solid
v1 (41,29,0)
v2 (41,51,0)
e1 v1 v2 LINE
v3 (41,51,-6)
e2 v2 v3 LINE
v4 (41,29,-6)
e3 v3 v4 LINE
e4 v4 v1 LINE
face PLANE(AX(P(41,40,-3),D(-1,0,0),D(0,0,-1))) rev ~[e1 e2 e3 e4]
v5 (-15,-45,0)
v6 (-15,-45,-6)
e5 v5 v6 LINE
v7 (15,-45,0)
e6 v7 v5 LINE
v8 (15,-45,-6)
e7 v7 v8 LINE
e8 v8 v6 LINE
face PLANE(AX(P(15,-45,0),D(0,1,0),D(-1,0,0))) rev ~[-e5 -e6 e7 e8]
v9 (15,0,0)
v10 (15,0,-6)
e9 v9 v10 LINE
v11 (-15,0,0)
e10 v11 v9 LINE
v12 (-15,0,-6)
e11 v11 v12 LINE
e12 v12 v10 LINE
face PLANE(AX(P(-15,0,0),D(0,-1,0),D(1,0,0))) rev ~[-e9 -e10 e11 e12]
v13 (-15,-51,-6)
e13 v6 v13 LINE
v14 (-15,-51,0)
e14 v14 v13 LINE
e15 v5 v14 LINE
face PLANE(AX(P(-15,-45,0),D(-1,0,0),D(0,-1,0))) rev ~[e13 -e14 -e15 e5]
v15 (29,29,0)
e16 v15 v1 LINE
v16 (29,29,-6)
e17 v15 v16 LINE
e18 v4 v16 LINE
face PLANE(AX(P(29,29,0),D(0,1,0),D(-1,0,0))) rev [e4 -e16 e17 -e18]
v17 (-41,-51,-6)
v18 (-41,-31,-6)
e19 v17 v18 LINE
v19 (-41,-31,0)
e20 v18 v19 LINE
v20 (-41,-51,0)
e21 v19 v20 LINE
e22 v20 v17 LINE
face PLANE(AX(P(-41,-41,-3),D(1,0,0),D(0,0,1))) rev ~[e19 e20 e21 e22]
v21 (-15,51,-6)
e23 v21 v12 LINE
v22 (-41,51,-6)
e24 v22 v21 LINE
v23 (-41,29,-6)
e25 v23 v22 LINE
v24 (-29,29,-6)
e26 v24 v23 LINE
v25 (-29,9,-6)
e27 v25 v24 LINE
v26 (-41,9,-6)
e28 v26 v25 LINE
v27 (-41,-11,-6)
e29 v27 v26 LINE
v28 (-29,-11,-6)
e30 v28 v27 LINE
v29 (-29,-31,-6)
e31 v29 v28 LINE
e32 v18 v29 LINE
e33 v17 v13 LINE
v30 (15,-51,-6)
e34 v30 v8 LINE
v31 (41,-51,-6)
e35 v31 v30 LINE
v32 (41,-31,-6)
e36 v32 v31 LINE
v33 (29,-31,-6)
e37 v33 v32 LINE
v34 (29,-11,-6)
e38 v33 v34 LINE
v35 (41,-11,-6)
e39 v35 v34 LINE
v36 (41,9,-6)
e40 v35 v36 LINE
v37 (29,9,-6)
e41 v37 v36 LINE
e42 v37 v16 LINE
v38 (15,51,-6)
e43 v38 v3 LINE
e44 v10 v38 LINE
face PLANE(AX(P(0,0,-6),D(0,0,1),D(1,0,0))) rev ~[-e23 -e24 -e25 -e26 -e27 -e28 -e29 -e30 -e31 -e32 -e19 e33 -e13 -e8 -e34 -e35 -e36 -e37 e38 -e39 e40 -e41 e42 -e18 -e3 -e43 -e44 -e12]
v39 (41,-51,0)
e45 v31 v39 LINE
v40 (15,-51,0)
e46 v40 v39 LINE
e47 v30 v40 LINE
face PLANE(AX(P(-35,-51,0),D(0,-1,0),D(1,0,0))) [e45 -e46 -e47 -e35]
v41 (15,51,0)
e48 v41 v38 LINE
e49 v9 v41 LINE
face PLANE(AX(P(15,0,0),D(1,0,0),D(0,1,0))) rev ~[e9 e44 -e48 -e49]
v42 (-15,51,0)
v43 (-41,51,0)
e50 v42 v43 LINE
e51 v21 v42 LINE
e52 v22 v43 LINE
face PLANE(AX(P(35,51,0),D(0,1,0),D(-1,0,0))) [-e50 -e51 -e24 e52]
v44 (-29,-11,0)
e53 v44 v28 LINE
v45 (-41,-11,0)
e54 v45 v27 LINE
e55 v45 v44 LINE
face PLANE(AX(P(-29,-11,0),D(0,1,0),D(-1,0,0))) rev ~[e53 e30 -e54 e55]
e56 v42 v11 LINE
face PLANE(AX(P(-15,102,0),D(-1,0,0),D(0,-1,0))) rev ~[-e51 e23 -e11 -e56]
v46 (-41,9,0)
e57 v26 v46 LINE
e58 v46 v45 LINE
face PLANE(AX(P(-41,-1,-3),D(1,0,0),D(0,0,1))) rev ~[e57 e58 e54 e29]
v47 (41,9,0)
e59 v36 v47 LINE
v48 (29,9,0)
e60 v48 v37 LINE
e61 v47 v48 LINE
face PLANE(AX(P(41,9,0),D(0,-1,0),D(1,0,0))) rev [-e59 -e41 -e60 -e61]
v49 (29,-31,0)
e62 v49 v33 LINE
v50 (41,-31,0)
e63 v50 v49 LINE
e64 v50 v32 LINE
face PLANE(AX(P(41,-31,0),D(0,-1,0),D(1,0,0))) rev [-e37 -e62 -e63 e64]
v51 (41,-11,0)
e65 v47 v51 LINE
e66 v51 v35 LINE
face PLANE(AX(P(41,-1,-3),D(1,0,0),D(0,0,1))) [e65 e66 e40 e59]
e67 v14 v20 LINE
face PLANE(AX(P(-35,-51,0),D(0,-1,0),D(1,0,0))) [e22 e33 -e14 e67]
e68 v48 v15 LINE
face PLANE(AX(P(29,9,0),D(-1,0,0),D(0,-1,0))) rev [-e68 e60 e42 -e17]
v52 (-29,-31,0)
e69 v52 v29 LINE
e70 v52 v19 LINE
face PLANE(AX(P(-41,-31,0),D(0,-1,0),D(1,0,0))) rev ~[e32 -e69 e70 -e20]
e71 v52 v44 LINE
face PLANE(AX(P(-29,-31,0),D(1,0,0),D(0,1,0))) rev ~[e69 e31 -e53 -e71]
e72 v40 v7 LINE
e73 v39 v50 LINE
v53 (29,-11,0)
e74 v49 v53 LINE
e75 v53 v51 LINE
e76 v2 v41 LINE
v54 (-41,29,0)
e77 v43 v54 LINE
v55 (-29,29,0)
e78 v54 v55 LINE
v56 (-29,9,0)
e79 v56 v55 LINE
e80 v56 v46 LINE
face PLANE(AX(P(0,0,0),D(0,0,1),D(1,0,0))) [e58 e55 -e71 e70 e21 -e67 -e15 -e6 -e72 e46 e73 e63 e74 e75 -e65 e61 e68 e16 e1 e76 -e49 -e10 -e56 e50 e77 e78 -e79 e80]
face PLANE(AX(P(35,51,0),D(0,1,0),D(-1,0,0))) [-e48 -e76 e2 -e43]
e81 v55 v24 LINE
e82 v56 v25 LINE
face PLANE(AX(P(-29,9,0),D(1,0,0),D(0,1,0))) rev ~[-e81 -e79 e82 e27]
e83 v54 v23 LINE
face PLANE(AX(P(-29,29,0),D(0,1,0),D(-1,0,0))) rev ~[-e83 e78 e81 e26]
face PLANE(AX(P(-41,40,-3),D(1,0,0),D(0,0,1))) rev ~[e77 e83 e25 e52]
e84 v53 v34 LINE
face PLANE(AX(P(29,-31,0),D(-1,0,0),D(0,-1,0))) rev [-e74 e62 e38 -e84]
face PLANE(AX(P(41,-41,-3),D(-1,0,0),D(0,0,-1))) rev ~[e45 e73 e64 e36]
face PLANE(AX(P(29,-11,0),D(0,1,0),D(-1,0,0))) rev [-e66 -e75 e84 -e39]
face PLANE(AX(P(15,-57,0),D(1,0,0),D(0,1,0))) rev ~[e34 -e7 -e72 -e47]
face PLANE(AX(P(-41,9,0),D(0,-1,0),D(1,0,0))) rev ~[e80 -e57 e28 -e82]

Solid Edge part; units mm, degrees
sketch "Sketch1" plane through (0, 0, 0) normal (0, 0, 1) x (1, 0, 0)
  line L0 (-35, -51) -> (35, -51)
  line L1 (35, -51) -> (35, 51)
  line L2 (35, 51) -> (-35, 51)
  line L3 (-35, 51) -> (-35, -51)
  dimension "D1" = 70
  dimension "D2" = 102
extrude "Protrusion1" add sketch "Sketch1" against normal blind 6
sketch "Sketch2" plane through (0, 0, 0) normal (0, 0, 1) x (1, 0, 0)
  line L0 (-15, 0) -> (15, 0)
  line L1 (15, 0) -> (15, 102)
  line L2 (15, 102) -> (-15, 102)
  line L3 (-15, 102) -> (-15, 0)
  dimension "D1" = 30
  dimension "D2" = 102
extrude "Cutout1" cut sketch "Sketch2" against normal through all
sketch "Sketch3" plane through (0, 0, 0) normal (0, 0, 1) x (1, 0, 0)
  line L0 (-15, -57) -> (15, -57)
  line L1 (15, -57) -> (15, -45)
  line L2 (15, -45) -> (-15, -45)
  line L3 (-15, -45) -> (-15, -57)
  dimension "D1" = 30
  dimension "D2" = 12
extrude "Cutout2" cut sketch "Sketch3" against normal through all
sketch "Sketch4" plane through (0, 0, 0) normal (0, 0, 1) x (1, 0, 0)
  line L0 (-41, -31) -> (-29, -31)
  line L1 (-29, -31) -> (-29, -11)
  line L2 (-29, -11) -> (-41, -11)
  line L3 (-41, -11) -> (-41, -31)
  dimension "D1" = 20
  dimension "D2" = 12
  dimension "D3" = 20
extrude "Cutout3" cut sketch "Sketch4" against normal through all
sketch "Sketch5" plane through (0, 0, 0) normal (0, 0, 1) x (1, 0, 0)
  line L0 (-41, 9) -> (-29, 9)
  line L1 (-29, 9) -> (-29, 29)
  line L2 (-29, 29) -> (-41, 29)
  line L3 (-41, 29) -> (-41, 9)
  dimension "D1" = 20
  dimension "D2" = 12
  dimension "D3" = 20
extrude "Cutout4" cut sketch "Sketch5" against normal through all
mirror "Mirror1" about plane through (0, 0, 0) normal (1, 0, 0) of "Cutout4", "Cutout3"
sketch "Sketch6" plane through (35, 40, -3) normal (1, 0, 0) x (0, 0, -1)
  line L0 (-3, 11) -> (3, 11)
  line L1 (3, 11) -> (3, -11)
  line L2 (3, -11) -> (-3, -11)
  line L3 (-3, -11) -> (-3, 11)
  line L4 (3, -31) -> (-3, -31)
  line L5 (-3, -31) -> (-3, -51)
  line L6 (-3, -51) -> (3, -51)
  line L7 (3, -51) -> (3, -31)
extrude "Protrusion2" add sketch "Sketch6" along normal blind 6
sketch "Sketch7" plane through (35, -41, -3) normal (1, 0, 0) x (0, 0, -1)
  line L0 (-3, 10) -> (3, 10)
  line L1 (3, 10) -> (3, -10)
  line L2 (3, -10) -> (-3, -10)
  line L3 (-3, -10) -> (-3, 10)
extrude "ExtrudedProtrusion_3" add sketch "Sketch7" along normal blind 6
sketch "Sketch8" plane through (-35, 40, -3) normal (-1, 0, 0) x (0, 0, 1)
  line L0 (-3, 11) -> (3, 11)
  line L1 (3, 11) -> (3, -11)
  line L2 (3, -11) -> (-3, -11)
  line L3 (-3, -11) -> (-3, 11)
  line L4 (-3, -31) -> (3, -31)
  line L5 (3, -31) -> (3, -51)
  line L6 (3, -51) -> (-3, -51)
  line L7 (-3, -51) -> (-3, -31)
  line L8 (-3, -71) -> (3, -71)
  line L9 (3, -71) -> (3, -91)
  line L10 (3, -91) -> (-3, -91)
  line L11 (-3, -91) -> (-3, -71)
extrude "ExtrudedProtrusion_4" add sketch "Sketch8" along normal blind 6
properties material "Wood, Mahogany"
